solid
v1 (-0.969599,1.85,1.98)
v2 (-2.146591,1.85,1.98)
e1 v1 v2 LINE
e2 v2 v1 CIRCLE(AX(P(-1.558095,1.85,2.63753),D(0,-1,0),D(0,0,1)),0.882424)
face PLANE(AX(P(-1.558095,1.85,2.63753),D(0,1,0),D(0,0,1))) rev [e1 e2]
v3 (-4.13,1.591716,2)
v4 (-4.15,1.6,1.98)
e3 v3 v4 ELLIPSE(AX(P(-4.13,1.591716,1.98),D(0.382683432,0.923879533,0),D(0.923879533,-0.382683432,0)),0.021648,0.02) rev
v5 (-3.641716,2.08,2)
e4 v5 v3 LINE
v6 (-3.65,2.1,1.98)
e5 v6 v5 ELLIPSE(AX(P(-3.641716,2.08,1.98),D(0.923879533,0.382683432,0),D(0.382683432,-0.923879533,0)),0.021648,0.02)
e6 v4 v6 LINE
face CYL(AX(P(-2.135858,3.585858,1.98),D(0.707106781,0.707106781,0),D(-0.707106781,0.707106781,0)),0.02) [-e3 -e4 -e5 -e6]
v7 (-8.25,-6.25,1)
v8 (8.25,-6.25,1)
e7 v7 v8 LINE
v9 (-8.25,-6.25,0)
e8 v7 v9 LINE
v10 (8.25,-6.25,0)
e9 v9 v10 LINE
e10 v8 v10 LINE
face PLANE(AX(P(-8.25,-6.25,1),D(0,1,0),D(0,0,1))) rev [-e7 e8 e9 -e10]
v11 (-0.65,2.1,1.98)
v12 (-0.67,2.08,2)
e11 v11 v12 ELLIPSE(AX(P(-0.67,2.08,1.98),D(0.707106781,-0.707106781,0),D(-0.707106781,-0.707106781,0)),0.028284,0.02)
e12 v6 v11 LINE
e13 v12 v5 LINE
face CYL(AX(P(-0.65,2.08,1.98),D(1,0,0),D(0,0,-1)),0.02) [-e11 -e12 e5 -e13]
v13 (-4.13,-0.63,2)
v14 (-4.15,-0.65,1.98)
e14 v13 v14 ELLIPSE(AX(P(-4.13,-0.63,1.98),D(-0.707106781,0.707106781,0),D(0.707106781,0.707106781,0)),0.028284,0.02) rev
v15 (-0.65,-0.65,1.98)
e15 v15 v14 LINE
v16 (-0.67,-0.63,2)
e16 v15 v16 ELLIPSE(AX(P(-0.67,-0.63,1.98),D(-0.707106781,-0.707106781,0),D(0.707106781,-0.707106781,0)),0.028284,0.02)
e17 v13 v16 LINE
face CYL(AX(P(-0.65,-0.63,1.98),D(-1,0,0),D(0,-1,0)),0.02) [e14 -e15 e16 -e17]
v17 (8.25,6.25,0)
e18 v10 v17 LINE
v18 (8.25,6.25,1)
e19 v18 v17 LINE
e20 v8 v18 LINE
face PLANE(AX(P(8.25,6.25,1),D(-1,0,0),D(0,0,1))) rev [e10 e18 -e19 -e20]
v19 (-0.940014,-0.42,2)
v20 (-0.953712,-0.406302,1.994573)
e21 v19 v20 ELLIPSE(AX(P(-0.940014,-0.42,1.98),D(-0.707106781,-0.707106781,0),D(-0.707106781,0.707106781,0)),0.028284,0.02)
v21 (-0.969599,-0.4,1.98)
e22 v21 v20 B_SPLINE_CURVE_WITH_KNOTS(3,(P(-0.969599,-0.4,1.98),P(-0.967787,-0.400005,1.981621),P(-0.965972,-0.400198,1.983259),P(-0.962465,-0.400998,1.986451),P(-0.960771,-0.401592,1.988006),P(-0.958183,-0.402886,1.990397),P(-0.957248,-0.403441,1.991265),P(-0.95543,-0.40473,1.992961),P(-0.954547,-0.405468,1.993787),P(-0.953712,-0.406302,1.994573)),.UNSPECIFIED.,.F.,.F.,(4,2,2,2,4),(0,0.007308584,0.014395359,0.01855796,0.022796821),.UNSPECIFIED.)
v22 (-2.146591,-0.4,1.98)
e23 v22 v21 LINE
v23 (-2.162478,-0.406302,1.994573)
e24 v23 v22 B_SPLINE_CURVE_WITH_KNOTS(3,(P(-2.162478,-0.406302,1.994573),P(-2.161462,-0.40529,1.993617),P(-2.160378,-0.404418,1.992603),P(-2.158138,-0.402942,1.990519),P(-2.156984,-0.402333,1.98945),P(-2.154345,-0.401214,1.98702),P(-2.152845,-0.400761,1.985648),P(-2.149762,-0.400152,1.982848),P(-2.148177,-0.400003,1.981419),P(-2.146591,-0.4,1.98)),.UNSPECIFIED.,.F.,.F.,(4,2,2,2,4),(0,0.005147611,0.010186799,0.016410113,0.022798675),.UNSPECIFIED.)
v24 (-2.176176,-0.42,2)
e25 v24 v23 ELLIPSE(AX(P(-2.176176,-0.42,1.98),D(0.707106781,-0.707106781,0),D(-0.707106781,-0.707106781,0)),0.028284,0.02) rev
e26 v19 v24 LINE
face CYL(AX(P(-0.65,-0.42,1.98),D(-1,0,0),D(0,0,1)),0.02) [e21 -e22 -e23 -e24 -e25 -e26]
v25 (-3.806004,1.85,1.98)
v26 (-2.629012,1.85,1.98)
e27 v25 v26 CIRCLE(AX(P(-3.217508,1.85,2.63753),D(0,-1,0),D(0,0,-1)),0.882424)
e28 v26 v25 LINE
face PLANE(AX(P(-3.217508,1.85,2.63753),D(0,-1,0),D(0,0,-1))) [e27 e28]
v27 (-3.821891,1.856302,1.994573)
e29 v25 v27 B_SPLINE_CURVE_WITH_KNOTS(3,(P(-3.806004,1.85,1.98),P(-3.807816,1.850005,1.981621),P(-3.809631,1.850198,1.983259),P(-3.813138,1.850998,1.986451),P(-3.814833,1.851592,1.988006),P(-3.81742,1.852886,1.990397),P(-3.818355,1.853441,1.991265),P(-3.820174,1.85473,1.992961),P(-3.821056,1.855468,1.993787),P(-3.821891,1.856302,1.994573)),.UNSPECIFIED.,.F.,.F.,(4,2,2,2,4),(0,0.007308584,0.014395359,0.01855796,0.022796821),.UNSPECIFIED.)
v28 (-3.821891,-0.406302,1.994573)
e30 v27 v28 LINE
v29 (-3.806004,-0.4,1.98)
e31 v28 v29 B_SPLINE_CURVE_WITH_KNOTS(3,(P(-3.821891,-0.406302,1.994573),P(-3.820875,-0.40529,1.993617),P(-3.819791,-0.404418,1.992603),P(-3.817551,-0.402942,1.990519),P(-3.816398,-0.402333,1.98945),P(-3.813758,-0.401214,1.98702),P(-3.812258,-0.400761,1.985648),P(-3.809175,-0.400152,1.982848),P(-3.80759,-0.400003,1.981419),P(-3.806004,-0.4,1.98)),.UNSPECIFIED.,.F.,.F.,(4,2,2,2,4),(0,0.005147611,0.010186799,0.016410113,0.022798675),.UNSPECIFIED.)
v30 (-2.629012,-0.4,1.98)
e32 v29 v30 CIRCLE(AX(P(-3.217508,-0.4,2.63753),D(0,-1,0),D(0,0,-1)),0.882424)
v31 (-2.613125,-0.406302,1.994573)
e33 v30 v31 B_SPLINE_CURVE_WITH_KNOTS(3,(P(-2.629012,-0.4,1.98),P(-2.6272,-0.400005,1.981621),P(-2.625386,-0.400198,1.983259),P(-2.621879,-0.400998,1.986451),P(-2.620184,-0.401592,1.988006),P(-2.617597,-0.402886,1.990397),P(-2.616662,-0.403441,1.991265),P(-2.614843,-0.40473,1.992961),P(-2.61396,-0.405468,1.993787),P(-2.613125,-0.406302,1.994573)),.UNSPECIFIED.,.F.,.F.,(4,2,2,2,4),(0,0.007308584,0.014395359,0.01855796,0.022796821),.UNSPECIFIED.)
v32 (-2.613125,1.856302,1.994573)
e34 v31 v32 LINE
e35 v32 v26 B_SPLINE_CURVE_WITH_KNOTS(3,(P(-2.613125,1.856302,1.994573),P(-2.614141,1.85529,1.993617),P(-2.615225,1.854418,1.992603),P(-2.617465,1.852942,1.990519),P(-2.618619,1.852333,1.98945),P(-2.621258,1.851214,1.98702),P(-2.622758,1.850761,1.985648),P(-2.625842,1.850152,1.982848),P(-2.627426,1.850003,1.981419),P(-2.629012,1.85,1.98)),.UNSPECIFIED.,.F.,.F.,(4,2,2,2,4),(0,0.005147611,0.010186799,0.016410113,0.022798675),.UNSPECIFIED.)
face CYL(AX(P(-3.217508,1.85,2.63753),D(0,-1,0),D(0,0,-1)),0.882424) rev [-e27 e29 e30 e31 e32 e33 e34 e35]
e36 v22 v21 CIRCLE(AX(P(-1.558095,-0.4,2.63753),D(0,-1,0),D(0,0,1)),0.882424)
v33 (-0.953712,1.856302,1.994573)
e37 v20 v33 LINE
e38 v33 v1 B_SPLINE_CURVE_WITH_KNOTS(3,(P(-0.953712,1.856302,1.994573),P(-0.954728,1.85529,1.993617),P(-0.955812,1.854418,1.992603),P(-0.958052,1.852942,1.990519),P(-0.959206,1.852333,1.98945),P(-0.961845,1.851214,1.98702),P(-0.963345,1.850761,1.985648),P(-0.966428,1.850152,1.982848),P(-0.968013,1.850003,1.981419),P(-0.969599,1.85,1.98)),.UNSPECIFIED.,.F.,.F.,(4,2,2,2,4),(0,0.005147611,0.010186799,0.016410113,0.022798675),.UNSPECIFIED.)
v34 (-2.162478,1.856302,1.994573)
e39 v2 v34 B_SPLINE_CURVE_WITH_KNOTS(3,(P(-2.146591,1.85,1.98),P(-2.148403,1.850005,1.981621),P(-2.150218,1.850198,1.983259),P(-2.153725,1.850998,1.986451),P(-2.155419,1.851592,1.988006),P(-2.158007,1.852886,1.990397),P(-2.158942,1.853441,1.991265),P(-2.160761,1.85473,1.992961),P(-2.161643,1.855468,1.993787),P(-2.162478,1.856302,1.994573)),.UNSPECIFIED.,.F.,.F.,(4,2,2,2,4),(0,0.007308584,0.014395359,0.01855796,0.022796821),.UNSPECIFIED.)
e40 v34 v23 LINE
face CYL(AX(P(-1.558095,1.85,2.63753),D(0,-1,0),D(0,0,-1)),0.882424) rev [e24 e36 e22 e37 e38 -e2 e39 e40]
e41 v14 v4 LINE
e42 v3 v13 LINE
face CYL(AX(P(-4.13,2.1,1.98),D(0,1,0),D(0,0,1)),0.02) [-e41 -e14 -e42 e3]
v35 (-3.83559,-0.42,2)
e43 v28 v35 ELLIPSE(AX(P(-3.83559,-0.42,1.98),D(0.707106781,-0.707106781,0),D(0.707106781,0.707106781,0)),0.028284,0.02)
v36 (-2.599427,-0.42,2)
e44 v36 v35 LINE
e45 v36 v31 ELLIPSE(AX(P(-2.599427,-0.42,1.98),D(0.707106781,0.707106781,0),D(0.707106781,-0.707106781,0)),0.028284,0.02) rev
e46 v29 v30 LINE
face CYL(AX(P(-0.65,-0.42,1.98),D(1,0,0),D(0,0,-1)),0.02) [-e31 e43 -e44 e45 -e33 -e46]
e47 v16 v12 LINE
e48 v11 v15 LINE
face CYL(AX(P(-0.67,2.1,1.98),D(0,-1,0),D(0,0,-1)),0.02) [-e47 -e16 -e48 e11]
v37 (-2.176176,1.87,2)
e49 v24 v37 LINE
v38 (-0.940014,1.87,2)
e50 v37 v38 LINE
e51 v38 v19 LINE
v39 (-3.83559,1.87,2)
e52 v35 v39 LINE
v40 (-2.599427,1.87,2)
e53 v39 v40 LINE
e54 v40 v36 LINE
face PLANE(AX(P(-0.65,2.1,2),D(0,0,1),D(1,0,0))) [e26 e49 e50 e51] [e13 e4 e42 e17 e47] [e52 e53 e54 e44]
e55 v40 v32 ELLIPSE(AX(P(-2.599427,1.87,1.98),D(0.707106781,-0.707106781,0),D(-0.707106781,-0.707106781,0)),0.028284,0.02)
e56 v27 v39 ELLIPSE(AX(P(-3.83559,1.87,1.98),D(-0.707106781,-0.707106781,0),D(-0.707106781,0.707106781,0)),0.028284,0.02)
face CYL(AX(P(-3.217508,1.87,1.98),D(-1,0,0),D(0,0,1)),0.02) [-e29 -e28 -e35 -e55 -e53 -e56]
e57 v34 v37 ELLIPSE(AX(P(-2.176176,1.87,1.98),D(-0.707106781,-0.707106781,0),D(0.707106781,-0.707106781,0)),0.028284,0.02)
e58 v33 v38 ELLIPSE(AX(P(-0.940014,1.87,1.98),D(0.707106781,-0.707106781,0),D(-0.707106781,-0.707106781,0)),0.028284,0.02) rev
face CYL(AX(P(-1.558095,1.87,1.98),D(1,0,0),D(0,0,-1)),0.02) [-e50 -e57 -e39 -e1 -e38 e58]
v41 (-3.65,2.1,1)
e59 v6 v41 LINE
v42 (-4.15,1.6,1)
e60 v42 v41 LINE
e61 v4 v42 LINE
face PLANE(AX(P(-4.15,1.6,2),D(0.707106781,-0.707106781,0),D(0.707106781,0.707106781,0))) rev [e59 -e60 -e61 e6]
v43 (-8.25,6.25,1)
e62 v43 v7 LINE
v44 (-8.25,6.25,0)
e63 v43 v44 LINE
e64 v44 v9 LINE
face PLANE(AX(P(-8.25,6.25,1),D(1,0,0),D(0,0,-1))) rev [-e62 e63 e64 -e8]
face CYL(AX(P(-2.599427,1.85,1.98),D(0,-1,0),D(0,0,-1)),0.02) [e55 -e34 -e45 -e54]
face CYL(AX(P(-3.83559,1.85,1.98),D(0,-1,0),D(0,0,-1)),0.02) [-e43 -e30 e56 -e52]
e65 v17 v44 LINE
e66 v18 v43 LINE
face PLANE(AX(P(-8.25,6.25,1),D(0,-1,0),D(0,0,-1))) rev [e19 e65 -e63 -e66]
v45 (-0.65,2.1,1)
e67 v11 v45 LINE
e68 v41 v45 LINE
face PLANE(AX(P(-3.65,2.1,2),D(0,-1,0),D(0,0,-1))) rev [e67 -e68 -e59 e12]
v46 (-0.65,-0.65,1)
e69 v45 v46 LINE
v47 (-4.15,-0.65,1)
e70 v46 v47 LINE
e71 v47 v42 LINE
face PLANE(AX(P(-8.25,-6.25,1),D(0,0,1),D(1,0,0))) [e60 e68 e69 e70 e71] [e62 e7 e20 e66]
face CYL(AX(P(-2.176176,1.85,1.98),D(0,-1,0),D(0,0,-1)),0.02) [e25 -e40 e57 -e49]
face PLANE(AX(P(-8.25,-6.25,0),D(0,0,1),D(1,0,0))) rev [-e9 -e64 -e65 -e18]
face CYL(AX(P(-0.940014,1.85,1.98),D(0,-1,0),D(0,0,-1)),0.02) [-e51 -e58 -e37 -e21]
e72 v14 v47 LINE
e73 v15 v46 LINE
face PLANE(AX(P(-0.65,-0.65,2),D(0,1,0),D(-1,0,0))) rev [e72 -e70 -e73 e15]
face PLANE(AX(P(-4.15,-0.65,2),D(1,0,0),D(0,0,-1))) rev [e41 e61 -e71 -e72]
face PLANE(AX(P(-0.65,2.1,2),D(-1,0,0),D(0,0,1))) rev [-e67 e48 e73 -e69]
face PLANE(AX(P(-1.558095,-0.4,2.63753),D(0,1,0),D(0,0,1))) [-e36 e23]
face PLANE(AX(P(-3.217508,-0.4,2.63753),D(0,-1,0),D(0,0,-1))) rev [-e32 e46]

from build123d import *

# Parameters (mm, degrees)
ESQUISSE1_W             = 16.5
ESQUISSE1_H             = 12.5
EXTRUSION1_DEPTH        = 1
EXTRUSION2_DEPTH        = 2
ENL_V_MAT_EXTRU_1_DEPTH = 2.25
CONG_1_R                = 0.02


with BuildPart() as part:
    # Esquisse1 → Extrusion1 (new body)
    with BuildSketch(Plane.XY):
        Rectangle(ESQUISSE1_W, ESQUISSE1_H)
    extrude(amount=EXTRUSION1_DEPTH)

    # Esquisse3 → Extrusion2 (add)
    with BuildSketch(Plane.XY):
        Polygon((-3.65, 2.1), (-0.65, 2.1), (-0.65, -0.65), (-4.15, -0.65), (-4.15, 1.6), align=None)
    extrude(amount=EXTRUSION2_DEPTH)

    # Esquisse4 → Enlèv. mat.-Extru.1 (cut)
    with BuildSketch(Plane.XZ.offset(0.4)):
        with BuildLine():
            Line((-2.168200503, 2), (-0.947989573, 2))
            ThreePointArc((-0.947989573, 2), (-1.558095038, 1.755105285), (-2.168200503, 2))
        make_face()
        with BuildLine():
            Line((-2.607402818, 2), (-3.827613748, 2))
            ThreePointArc((-3.827613748, 2), (-3.217508283, 1.755105285), (-2.607402818, 2))
        make_face()
    extrude(amount=-ENL_V_MAT_EXTRU_1_DEPTH, mode=Mode.SUBTRACT)

    # Congé1
    cong_1_edges = [part.edges().sort_by_distance(p)[0] for p in [
        (-2.15, 2.1, 2),
        (-0.65, 0.725, 2),
        (-2.4, -0.65, 2),
        (-4.15, 0.475, 2),
        (-3.9, 1.85, 2),
        (-2.168200503, 0.725, 2),
        (-1.558095038, 1.85, 2),
        (-0.947989573, 0.725, 2),
        (-1.558095038, -0.4, 2),
        (-3.217508283, -0.4, 2),
        (-3.827613748, 0.725, 2),
        (-3.217508283, 1.85, 2),
        (-2.607402818, 0.725, 2),
    ]]
    fillet(cong_1_edges, radius=CONG_1_R)


solid = part.part
